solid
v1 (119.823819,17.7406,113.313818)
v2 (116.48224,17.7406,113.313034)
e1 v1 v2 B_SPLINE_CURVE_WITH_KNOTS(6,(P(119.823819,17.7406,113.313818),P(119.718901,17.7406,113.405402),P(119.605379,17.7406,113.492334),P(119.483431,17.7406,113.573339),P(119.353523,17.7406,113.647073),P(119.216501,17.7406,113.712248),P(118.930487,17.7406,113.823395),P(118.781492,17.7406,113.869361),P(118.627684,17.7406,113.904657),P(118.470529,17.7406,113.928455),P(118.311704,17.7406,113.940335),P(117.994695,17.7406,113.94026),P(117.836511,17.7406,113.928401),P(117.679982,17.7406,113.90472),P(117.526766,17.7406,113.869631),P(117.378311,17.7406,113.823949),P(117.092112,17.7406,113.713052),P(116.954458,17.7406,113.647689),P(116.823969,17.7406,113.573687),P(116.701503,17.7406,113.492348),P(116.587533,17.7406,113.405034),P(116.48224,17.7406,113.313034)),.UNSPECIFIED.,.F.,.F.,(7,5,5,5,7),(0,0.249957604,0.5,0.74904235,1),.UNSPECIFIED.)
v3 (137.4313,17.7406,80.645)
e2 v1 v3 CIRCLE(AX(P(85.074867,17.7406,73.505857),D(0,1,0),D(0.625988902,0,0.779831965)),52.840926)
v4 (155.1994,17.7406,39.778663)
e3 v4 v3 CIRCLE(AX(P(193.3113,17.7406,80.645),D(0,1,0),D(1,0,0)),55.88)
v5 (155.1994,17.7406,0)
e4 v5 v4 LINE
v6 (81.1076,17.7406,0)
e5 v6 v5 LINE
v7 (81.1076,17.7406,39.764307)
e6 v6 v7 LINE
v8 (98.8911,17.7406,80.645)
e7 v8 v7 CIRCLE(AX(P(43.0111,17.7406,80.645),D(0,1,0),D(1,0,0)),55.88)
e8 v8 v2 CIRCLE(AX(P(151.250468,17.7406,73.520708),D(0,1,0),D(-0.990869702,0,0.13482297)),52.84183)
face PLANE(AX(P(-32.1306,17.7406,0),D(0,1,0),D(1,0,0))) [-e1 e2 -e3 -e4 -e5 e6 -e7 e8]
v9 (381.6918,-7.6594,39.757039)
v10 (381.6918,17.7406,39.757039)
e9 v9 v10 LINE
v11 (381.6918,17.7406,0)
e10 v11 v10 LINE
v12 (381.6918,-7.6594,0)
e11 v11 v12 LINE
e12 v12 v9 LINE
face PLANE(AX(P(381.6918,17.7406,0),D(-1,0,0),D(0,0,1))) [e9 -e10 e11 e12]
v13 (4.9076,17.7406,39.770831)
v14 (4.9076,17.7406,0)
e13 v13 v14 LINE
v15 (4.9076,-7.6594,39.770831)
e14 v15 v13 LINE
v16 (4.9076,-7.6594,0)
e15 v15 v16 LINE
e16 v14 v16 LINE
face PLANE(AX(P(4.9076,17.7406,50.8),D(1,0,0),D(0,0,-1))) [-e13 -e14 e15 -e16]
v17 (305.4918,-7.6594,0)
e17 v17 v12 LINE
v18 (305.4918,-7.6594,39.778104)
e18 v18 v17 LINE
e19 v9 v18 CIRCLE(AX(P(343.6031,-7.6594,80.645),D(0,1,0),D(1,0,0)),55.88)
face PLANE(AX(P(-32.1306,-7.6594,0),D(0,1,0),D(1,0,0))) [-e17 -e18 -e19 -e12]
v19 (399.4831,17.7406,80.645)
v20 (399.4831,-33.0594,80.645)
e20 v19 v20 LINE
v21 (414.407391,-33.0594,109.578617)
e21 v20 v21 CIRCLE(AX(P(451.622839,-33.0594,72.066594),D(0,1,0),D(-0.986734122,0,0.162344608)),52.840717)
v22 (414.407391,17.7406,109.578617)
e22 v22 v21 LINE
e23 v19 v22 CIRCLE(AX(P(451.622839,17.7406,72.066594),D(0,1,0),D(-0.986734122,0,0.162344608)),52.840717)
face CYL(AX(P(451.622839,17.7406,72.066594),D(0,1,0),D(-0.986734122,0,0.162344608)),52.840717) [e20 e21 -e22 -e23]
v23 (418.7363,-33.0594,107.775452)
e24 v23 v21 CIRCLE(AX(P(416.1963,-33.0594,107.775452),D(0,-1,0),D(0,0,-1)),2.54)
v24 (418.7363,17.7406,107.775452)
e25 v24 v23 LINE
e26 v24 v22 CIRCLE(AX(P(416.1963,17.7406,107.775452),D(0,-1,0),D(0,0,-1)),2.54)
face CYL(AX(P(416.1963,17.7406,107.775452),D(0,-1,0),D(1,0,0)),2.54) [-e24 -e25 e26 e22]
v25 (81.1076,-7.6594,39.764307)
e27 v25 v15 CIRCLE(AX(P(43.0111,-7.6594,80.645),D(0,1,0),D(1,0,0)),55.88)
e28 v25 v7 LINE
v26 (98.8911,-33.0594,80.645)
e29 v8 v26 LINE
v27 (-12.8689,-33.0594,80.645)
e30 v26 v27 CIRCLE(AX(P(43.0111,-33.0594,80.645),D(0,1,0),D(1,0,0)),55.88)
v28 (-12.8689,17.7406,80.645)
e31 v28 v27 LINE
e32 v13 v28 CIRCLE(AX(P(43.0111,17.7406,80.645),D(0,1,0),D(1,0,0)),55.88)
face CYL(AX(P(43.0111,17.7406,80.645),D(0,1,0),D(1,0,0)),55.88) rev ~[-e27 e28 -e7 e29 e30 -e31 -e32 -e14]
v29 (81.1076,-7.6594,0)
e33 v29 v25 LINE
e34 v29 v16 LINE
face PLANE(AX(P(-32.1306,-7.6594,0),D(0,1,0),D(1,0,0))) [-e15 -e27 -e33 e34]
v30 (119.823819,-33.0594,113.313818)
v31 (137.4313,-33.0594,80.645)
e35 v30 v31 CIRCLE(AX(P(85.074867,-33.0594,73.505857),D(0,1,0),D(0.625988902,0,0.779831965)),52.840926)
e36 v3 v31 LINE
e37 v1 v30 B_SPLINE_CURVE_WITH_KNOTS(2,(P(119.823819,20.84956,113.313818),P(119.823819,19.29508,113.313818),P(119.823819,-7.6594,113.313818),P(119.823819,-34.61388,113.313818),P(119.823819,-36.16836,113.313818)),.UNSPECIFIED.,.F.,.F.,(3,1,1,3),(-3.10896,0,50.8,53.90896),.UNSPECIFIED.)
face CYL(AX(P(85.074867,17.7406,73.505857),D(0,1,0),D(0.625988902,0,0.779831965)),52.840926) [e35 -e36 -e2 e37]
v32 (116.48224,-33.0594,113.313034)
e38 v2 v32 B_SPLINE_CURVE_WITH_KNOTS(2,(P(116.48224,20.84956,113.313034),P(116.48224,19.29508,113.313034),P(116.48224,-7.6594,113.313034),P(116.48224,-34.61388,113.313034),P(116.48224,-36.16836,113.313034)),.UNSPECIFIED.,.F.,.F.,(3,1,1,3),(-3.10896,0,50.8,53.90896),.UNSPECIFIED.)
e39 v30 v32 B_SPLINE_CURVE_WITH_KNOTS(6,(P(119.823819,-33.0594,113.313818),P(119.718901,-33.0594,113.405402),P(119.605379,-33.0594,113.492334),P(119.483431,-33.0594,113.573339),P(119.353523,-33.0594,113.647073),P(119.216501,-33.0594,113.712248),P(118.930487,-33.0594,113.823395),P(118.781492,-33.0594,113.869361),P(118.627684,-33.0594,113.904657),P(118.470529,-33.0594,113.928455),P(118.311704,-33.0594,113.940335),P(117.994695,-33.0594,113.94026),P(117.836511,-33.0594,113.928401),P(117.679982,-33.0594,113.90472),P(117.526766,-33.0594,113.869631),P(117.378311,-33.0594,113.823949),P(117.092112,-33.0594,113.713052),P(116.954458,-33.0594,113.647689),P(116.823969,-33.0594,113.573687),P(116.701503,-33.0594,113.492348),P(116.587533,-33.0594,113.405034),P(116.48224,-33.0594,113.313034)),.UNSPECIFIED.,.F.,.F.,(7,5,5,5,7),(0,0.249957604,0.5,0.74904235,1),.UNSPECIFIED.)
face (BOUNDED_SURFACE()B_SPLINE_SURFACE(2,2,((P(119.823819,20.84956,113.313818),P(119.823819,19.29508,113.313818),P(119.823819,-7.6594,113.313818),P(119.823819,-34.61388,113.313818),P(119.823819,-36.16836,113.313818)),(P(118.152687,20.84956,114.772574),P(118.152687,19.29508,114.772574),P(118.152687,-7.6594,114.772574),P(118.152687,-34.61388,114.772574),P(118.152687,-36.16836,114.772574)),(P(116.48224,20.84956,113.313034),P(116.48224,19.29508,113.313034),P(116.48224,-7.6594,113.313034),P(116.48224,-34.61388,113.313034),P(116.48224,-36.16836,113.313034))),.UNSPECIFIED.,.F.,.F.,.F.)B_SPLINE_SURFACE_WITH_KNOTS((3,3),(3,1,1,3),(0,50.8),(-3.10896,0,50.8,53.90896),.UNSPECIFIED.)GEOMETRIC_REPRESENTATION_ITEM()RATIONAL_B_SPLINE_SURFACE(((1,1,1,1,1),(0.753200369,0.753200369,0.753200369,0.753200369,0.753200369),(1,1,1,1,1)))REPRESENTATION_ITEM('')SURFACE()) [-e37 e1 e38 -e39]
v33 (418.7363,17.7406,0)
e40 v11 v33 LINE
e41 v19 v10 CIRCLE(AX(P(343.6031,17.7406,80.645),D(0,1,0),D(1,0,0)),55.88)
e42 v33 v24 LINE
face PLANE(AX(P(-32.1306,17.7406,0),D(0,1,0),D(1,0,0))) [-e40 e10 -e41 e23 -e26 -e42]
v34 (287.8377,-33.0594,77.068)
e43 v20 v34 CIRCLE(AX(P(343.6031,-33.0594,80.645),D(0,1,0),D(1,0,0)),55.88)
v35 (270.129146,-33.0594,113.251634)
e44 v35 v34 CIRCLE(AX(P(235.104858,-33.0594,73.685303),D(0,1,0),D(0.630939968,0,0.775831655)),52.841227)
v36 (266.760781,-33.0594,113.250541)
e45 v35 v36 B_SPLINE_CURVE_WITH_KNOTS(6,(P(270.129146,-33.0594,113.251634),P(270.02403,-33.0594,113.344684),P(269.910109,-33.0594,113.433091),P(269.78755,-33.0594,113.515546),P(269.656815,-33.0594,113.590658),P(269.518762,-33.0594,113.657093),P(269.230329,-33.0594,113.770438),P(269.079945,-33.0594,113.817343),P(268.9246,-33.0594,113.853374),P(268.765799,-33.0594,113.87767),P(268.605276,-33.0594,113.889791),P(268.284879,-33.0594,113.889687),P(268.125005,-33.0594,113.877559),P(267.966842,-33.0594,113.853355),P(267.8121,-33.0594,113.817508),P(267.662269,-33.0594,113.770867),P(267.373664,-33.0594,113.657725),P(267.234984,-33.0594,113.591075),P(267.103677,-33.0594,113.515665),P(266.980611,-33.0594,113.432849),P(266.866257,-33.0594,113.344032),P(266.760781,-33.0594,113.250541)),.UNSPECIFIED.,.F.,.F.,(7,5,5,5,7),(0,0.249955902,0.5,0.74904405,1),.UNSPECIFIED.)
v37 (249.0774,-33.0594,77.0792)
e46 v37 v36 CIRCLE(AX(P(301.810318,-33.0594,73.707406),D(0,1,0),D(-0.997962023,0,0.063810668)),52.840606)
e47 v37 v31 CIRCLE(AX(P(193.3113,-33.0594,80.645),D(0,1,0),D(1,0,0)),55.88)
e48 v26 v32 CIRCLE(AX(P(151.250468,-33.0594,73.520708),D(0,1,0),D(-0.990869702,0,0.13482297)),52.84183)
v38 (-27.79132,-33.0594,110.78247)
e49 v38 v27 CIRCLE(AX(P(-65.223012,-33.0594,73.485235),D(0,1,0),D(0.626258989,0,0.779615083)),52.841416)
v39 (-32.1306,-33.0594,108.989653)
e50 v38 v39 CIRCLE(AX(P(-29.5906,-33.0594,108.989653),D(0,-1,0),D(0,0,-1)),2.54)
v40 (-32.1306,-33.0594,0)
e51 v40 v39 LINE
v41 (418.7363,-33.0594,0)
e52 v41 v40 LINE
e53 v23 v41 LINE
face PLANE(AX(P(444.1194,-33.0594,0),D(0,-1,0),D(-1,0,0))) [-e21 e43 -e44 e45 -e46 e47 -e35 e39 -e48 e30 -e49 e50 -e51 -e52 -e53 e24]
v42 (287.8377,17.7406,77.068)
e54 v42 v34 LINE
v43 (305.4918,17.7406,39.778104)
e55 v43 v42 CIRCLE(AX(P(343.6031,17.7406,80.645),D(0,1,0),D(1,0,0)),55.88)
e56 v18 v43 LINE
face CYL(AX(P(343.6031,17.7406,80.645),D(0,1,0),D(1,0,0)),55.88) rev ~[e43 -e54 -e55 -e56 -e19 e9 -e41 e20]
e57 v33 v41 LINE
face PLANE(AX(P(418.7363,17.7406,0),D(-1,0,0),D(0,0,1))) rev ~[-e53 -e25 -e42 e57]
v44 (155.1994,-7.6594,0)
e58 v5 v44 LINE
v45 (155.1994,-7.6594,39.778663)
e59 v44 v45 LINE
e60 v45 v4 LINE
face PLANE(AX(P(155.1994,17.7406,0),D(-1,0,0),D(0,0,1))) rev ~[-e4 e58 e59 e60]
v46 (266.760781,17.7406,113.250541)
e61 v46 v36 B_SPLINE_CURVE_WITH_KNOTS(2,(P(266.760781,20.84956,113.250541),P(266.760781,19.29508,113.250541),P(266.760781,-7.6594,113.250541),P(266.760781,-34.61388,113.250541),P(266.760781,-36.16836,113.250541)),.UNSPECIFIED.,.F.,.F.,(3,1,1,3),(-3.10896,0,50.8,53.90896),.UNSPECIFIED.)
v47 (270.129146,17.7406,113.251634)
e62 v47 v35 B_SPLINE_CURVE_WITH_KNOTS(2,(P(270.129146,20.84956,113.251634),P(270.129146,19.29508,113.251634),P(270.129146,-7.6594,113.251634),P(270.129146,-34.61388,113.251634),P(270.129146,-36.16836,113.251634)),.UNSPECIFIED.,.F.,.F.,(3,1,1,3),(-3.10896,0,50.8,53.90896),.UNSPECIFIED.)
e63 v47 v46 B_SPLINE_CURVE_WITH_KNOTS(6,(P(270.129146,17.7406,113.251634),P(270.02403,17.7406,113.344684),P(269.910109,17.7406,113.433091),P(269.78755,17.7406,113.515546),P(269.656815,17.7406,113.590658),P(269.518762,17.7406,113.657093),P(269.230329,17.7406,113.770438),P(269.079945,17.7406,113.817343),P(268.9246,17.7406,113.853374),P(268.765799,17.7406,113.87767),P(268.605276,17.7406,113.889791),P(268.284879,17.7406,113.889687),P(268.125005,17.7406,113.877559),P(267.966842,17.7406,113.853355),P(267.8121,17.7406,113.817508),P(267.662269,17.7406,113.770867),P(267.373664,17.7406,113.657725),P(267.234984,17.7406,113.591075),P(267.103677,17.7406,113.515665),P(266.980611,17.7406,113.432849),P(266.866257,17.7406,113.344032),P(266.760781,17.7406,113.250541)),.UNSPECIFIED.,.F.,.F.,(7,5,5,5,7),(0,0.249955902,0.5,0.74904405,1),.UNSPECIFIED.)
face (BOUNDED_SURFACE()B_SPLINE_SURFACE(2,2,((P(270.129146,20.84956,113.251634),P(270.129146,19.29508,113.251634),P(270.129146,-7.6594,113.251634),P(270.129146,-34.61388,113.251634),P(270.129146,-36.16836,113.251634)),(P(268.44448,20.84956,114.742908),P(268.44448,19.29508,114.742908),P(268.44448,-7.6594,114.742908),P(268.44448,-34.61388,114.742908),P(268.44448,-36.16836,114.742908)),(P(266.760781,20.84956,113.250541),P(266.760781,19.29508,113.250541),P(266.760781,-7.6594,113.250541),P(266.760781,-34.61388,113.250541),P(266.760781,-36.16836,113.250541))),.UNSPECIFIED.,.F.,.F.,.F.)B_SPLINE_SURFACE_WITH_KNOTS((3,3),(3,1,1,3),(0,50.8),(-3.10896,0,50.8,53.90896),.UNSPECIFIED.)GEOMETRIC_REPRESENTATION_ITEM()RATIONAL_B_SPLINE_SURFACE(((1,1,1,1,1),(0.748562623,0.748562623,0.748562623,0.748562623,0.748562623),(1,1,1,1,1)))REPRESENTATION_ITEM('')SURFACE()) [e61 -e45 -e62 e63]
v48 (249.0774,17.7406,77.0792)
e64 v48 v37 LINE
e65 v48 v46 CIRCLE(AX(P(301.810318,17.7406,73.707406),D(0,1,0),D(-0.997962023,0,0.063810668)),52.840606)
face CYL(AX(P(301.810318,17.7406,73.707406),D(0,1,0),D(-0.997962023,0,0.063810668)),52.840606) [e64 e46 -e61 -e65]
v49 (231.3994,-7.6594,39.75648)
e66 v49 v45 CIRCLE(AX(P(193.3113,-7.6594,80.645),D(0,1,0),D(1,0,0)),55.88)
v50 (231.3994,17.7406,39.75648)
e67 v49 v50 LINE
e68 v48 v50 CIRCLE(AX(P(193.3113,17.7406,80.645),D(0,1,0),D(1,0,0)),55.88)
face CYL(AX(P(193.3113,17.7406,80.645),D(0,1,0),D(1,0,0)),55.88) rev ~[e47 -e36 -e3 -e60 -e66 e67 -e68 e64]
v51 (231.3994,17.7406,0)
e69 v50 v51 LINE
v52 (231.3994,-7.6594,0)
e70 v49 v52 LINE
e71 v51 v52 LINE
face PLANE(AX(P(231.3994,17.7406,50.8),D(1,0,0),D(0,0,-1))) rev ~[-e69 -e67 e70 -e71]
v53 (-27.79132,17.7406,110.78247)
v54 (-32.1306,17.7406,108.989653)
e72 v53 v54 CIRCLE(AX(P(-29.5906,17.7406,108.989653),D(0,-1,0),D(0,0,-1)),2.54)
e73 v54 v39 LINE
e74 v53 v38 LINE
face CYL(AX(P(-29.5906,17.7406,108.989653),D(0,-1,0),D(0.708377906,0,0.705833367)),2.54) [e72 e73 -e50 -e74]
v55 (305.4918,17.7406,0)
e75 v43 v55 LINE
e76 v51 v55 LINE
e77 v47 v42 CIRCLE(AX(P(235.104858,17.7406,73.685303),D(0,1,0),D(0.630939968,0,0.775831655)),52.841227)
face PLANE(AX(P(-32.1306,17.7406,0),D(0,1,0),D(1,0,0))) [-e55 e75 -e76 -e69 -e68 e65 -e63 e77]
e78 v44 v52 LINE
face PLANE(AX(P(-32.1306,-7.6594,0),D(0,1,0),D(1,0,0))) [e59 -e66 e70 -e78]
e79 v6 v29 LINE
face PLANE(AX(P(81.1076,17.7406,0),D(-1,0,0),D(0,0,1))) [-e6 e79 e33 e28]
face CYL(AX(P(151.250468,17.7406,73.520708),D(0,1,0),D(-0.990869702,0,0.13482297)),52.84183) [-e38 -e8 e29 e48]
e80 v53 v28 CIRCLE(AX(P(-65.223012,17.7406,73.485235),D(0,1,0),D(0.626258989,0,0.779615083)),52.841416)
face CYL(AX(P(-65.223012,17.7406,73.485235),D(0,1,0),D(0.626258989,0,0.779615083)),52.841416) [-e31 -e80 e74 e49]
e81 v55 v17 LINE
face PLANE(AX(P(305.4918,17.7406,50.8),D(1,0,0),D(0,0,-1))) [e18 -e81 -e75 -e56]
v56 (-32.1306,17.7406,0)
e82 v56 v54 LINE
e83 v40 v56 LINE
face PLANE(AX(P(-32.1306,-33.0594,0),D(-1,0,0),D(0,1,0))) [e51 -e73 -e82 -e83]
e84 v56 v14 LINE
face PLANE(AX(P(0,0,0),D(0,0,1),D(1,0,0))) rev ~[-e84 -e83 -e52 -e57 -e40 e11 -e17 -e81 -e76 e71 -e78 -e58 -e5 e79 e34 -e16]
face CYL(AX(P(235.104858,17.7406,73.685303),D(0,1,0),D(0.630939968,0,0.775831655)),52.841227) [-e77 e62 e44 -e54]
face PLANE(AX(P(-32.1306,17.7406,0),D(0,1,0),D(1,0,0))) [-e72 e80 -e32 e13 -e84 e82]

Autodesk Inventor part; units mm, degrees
ref_plane "YZ Plane" through (0, 0, 0) normal (1, 0, 0) x (0, 1, 0)
ref_plane "XZ Plane" through (0, 0, 0) normal (0, 1, 0) x (-1, 0, 0)
ref_plane "XY Plane" through (0, 0, 0) normal (0, 0, 1) x (1, 0, 0)
sketch "Sketch1" plane through (0, 0, 0) normal (0, 0, 1) x (1, 0, 0)
  line L0 (-32.1306, 17.7406) -> (444.1194, 17.7406)
  line L1 (444.1194, 17.7406) -> (444.1194, -33.0594)
  line L2 (444.1194, -33.0594) -> (-32.1306, -33.0594)
  line L3 (-32.1306, -33.0594) -> (-32.1306, 17.7406)
  point P0 (0, 0)
  dimension "d0" = 476.25
  dimension "d1" = 50.8
extrude "Extrusion1" add sketch "Sketch1" along normal blind 139.7
sketch "Sketch2" plane through (-32.1306, 17.7406, 0) normal (0, 1, 0) x (1, 0, 0)
  line L0 (0, -139.7) -> (476.25, -139.7) projected
  line L1 (0, 0) -> (476.25, 0) projected
  line L2 (0, 0) -> (0, -139.7) projected
  circle A0 centre (75.1417, -80.645) radius 55.88
  circle A1 centre (225.4419, -80.645) radius 55.88
  circle A2 centre (375.7337, -80.645) radius 55.88
  line L3 (150.2833, 0) -> (150.2833, -139.7)
  line L4 (300.5751, 0) -> (300.5751, -139.7)
  line L5 (450.8669, 0) -> (450.8669, -139.7)
  arc A3 (131.0217, -80.645) -> (150.2833, -114.7129) centre (183.3802, -73.521) ccw
  arc A4 (150.2833, -114.7129) -> (169.5619, -80.645) centre (117.2054, -73.5058) ccw
  arc A5 (281.208, -77.0792) -> (300.5751, -114.6812) centre (333.9413, -73.7073) ccw
  arc A6 (300.5751, -114.6812) -> (319.9683, -77.068) centre (267.2357, -73.6855) ccw
  arc A7 (0, -114.6812) -> (19.2617, -80.645) centre (-33.0921, -73.4855) ccw
  arc A8 (431.6137, -80.645) -> (450.8669, -113.4262) centre (483.7537, -72.0665) ccw
  line L6 (450.8669, 0) -> (476.25, 0)
  line L7 (476.25, 0) -> (476.25, -139.7)
  line L8 (476.25, -139.7) -> (450.8669, -139.7)
  line L9 (450.8669, -139.7) -> (450.8669, 0)
  point P0 (32.1306, 0)
  dimension "d4" = 111.76
  dimension "d5" = 111.76
  dimension "d6" = 111.76
  dimension "d7" = 150.2833
  dimension "d8" = 150.2918
  dimension "d9" = 150.2918
  dimension "d10" = 75.1417
  dimension "d11" = 75.1332
  dimension "d12" = 75.1332
  dimension "d13" = 59.055
extrude "Extrusion2" cut sketch "Sketch2" against normal blind 139.7 contours L2 A7 A0 A3 L3 L0 | L3 A4 A1 A5 L4 L0 | L4 A6 A2 A8 L5 L0 | A0 | L5 L1 L7 L0 | A1 | A2
fillet "Fillet1" radius 2.54 1 edges at (418.7363, -7.6594, 113.4262)
fillet "Fillet2" radius 2.54 1 edges at (268.4445, -7.6594, 114.6812)
fillet "Fillet3" radius 2.54 1 edges at (118.1527, -7.6594, 114.7129)
fillet "Fillet4" radius 2.54 1 edges at (-32.1306, -7.6594, 114.6812)
sketch "Sketch3" plane through (-32.1306, 17.7406, 0) normal (0, 1, 0) x (1, 0, 0)
  arc A0 (148.6129, -113.313) -> (151.9544, -113.3138) centre (150.2841, -111.4003) ccw projected
  arc A1 (298.8914, -113.2506) -> (302.2598, -113.2517) centre (300.5762, -111.3498) ccw projected
  line L0 (0, 0) -> (450.8669, 0) projected
  line L1 (37.0382, 0) -> (113.2382, 0)
  line L2 (113.2382, 0) -> (113.2382, -50.8)
  line L3 (113.2382, -50.8) -> (37.0382, -50.8)
  line L4 (37.0382, -50.8) -> (37.0382, 0)
  line L5 (150.2841, -111.4003) -> (150.2841, 5.0811)
  line L6 (263.53, 0) -> (187.33, 0)
  line L7 (187.33, 0) -> (187.33, -50.8)
  line L8 (187.33, -50.8) -> (263.53, -50.8)
  line L9 (263.53, -50.8) -> (263.53, 0)
  line L10 (75.1382, -50.8) -> (75.1382, 0)
  line L11 (300.5762, -111.3498) -> (300.5762, 0)
  line L12 (337.6224, -50.8) -> (337.6224, 0)
  line L13 (337.6224, 0) -> (413.8224, 0)
  line L14 (413.8224, 0) -> (413.8224, -50.8)
  line L15 (413.8224, -50.8) -> (337.6224, -50.8)
  point P0 (32.1306, 0)
  dimension "d20" = 76.2
  dimension "d21" = 50.8
  dimension "d22" = 0
  dimension "d23" = 38.1
  dimension "d24" = 75.1459
extrude "Extrusion3" cut sketch "Sketch3" against normal blind 25.4
properties part number "swirvy"
